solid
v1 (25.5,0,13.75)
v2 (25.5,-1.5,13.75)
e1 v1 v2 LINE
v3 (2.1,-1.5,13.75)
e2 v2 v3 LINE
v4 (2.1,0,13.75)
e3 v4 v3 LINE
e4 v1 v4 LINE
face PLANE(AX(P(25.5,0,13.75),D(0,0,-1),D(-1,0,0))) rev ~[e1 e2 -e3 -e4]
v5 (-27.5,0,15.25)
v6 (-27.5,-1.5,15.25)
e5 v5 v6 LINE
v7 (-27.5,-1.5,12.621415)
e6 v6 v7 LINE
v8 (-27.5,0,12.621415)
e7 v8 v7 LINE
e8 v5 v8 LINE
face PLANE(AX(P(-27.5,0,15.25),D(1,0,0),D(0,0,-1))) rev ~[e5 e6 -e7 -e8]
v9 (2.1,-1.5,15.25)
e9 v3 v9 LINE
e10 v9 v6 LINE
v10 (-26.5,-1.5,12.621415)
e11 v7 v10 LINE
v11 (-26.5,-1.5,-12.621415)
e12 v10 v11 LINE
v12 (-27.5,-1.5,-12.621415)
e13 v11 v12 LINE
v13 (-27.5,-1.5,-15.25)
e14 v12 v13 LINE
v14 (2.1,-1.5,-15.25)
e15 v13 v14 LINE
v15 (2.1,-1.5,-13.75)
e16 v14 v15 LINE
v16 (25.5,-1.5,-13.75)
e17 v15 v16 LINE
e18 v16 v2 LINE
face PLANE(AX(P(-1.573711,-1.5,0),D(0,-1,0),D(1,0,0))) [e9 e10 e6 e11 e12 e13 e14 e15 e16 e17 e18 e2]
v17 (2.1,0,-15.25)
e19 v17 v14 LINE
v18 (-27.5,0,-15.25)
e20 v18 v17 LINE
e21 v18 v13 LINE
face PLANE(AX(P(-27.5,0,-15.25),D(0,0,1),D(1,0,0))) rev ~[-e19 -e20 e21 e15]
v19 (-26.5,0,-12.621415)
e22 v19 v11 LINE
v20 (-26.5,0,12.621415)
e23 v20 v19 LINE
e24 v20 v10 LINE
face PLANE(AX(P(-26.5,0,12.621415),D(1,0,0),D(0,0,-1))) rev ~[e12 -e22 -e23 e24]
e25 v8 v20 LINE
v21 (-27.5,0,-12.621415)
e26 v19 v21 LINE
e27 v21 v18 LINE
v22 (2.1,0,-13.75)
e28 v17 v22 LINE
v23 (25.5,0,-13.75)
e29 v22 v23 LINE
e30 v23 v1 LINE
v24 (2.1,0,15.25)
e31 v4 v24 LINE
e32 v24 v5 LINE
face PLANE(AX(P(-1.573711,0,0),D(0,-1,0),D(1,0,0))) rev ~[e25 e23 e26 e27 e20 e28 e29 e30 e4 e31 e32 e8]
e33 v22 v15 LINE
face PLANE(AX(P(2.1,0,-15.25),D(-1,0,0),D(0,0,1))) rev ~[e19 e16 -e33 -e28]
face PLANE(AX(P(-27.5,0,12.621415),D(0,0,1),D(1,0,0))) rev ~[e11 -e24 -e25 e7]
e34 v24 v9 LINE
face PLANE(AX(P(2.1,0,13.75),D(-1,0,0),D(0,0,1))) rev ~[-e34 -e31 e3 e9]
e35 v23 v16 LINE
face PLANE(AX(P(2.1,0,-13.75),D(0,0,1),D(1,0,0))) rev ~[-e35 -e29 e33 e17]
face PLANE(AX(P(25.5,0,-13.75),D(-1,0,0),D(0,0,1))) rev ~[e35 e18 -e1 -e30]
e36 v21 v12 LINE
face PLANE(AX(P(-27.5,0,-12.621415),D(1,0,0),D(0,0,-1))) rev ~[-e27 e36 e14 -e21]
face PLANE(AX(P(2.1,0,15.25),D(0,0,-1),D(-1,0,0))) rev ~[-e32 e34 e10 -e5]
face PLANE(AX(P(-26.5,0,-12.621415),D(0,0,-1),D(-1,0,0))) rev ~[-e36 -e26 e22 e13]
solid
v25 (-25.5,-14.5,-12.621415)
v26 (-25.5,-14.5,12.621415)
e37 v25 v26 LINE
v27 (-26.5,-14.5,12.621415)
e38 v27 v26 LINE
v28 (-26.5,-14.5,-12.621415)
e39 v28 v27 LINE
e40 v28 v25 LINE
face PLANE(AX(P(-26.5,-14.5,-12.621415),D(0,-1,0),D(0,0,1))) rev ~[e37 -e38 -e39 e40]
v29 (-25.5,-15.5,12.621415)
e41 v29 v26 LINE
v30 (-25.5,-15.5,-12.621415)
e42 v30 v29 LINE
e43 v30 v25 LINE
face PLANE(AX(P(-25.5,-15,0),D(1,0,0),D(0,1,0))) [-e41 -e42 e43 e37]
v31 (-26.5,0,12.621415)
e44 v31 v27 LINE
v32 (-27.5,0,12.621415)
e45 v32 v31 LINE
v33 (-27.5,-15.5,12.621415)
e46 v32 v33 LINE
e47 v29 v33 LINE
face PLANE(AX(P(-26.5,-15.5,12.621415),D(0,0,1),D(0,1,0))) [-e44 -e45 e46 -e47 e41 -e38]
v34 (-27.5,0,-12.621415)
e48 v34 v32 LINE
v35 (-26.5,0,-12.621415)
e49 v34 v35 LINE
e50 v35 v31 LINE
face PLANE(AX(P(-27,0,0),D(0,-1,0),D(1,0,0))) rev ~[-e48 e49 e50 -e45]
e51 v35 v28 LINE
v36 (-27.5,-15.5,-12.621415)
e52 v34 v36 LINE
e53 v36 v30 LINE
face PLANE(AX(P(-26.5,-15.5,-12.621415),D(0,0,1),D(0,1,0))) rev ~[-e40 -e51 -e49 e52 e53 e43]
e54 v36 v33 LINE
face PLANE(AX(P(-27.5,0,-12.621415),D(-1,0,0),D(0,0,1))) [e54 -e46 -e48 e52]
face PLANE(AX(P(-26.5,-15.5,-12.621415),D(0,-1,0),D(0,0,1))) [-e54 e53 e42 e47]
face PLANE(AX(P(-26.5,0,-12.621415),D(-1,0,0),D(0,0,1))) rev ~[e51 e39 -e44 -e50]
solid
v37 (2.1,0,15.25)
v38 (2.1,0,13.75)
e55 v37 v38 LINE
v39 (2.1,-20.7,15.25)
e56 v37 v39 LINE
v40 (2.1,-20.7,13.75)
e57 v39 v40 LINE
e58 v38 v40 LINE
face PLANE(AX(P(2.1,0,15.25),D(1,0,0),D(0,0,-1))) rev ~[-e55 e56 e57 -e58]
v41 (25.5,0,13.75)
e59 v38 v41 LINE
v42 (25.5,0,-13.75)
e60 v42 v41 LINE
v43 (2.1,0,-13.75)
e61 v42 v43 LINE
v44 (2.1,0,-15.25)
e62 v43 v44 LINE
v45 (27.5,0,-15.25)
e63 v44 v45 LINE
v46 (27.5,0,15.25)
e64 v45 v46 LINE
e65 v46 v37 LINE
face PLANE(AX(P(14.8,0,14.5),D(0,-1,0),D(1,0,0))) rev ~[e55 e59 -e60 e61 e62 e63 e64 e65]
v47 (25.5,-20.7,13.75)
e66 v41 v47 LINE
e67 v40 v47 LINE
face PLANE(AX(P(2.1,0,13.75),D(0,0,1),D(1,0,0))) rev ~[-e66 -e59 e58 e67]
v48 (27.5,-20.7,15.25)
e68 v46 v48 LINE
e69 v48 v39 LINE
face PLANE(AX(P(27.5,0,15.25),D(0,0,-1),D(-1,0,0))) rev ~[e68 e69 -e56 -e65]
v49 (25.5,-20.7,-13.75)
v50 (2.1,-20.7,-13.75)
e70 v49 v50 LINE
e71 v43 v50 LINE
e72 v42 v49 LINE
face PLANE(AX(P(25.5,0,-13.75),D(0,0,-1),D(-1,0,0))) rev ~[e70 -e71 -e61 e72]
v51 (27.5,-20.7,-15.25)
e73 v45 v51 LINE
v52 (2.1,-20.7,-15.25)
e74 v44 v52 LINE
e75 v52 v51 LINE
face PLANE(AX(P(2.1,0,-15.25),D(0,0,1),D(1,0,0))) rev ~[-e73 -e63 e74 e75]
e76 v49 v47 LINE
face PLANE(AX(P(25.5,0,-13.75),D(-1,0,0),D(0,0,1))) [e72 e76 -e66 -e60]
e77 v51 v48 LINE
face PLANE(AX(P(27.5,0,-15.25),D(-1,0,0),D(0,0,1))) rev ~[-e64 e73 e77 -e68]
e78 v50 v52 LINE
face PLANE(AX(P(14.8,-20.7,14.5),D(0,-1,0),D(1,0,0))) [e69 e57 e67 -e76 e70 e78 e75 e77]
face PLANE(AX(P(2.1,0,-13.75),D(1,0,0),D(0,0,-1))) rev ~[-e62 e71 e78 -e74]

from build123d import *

# Parameters (mm, degrees)
F0_W     = 1
F0_H     = 25.24283
F1_DEPTH = 15.5
F0_W_2   = 2
F0_H_2   = 27.5
F2_DEPTH = 20.7
F3_DEPTH = 1.5
F4_W     = 1
F4_H     = 25.24283
F5_DEPTH = 1


with BuildPart() as f1:
    # F0 (on Front) → F1 (new body)
    with BuildSketch(Plane.XZ):
        with Locations((-27, 0)):
            Rectangle(F0_W, F0_H)
    extrude(amount=F1_DEPTH)

    # F4 (on face) → F5 (join)
    with BuildSketch(Plane.YZ.offset(-26.5)):
        with Locations((-15, 0)):
            Rectangle(F4_W, F4_H)
    extrude(amount=F5_DEPTH)


with BuildPart() as f2:
    # F0 (on Front) → F2 (new body)
    with BuildSketch(Plane.XZ):
        Polygon((25.5, 13.75), (27.5, 13.75), (27.5, 15.25), (2.1, 15.25), (2.1, 13.75), align=None)
        Polygon((2.1, -15.25), (27.5, -15.25), (27.5, -13.75), (25.5, -13.75), (2.1, -13.75), align=None)
        with Locations((26.5, 0)):
            Rectangle(F0_W_2, F0_H_2)
    extrude(amount=F2_DEPTH)


with BuildPart() as f3:
    # F0 (on Front) → F3 (new body)
    with BuildSketch(Plane.XZ):
        Polygon((-27.5, -15.25), (2.1, -15.25), (2.1, -13.75), (25.5, -13.75), (25.5, 13.75), (2.1, 13.75), (2.1, 15.25), (-27.5, 15.25), (-27.5, 12.621415), (-26.5, 12.621415), (-26.5, -12.621415), (-27.5, -12.621415), align=None)
    extrude(amount=F3_DEPTH)


solid = Compound([f1.part, f2.part, f3.part])
